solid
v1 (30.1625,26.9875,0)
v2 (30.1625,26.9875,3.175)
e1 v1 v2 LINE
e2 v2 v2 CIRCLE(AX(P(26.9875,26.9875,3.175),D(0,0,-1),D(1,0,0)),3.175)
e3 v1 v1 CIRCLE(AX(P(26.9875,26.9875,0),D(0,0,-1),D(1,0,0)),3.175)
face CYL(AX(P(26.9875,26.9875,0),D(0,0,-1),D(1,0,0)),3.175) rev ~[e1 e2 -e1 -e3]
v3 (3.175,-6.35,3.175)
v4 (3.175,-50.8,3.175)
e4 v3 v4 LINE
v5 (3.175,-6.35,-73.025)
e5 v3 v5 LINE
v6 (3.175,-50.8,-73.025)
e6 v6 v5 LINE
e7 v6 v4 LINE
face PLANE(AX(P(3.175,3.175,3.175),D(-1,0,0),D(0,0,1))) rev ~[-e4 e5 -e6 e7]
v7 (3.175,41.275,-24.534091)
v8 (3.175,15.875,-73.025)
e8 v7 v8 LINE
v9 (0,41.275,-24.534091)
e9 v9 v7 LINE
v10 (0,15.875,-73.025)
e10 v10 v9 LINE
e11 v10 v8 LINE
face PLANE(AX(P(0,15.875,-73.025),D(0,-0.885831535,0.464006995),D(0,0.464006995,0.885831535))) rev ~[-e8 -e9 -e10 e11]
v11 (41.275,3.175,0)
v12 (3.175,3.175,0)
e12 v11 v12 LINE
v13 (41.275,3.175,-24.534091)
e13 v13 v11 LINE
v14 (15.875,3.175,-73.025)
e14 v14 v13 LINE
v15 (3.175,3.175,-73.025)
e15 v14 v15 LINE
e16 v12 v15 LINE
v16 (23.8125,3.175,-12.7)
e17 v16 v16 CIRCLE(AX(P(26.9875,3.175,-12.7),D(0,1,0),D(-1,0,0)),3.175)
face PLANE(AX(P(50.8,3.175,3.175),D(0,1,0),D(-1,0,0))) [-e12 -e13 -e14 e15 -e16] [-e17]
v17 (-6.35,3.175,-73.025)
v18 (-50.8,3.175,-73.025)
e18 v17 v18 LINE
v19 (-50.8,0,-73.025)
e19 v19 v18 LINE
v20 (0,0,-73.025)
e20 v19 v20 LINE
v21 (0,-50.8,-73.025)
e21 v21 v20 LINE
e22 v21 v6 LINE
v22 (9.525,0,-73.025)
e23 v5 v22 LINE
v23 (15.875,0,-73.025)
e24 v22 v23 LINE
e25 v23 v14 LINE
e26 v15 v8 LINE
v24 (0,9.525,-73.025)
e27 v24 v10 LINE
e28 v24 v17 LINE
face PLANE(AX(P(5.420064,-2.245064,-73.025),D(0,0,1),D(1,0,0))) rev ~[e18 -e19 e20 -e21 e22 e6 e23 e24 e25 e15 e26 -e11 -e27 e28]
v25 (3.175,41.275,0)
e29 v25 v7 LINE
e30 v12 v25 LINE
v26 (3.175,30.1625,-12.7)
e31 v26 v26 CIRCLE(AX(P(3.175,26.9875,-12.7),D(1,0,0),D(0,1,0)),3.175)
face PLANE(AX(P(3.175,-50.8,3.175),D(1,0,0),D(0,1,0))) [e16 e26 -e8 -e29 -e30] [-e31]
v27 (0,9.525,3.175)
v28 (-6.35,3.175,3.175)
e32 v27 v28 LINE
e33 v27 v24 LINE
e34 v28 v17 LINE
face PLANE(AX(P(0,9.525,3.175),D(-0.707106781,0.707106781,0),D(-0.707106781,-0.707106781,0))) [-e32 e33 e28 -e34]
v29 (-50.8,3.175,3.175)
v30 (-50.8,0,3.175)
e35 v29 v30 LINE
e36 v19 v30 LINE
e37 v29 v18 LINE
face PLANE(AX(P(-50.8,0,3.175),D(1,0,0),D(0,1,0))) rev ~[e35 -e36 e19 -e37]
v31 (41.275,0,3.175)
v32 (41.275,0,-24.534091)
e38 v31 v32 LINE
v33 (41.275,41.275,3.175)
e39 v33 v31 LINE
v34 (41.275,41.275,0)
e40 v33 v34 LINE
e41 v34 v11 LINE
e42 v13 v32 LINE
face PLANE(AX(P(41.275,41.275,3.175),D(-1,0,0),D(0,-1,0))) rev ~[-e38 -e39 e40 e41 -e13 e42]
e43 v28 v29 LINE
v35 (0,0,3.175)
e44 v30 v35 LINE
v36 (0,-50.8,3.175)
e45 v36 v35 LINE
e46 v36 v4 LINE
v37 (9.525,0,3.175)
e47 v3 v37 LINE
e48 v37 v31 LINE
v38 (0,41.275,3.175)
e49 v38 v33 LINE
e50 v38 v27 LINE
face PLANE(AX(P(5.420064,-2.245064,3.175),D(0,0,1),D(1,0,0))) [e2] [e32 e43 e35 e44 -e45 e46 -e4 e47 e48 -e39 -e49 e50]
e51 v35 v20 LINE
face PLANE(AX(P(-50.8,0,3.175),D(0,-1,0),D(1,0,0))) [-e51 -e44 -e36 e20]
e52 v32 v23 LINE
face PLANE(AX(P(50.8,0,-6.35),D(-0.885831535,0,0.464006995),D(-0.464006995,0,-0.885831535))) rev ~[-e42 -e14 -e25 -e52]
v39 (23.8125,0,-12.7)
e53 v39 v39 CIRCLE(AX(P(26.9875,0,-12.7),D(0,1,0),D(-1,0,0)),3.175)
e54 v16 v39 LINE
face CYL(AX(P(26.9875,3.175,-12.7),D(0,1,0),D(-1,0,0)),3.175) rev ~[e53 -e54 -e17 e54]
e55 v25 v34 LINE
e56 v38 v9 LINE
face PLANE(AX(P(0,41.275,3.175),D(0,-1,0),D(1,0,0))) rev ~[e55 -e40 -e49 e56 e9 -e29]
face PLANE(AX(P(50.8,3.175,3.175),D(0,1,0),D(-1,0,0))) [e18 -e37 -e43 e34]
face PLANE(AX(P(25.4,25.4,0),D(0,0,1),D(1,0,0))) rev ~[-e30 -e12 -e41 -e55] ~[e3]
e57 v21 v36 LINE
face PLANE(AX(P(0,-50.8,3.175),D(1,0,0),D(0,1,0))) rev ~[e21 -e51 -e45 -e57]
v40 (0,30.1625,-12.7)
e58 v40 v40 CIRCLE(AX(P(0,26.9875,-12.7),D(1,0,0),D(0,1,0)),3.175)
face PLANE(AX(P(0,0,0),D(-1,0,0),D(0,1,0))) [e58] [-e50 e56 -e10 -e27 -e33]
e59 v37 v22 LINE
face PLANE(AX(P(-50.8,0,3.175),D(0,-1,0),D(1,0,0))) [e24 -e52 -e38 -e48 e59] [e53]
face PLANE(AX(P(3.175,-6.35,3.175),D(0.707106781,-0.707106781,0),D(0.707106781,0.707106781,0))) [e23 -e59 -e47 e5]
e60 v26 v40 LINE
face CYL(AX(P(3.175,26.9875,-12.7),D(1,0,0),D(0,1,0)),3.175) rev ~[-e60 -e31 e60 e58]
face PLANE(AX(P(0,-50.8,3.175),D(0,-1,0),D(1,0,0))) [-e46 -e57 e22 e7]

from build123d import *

# Parameters (mm, degrees)
F0_W          = 50.8
F0_H          = 50.8
F1_DEPTH      = 3.175
F2_W          = 50.8
F2_H          = 3.175
F3_DEPTH      = 12.7
F3_DEPTH_BACK = 76.2
F4_W          = 3.175
F4_H          = 101.6
F5_DEPTH      = 12.7
F5_DEPTH_BACK = 76.2
F7_W          = 47.625
F7_H          = 12.7
F8_DEPTH      = 25.4
F9_W          = 47.625
F9_H          = 12.7
F10_DEPTH     = 25.4
F12_DEPTH     = 25.4
F14_DEPTH     = 25.4
F16_DEPTH     = 53.976
F18_DEPTH     = 76.2
F19_R         = 3.175
F20_DEPTH     = 25.4
F21_R         = 3.175
F22_DEPTH     = 25.4
F23_R         = 3.175
F24_DEPTH     = 25.4
F26_DEPTH     = 76.201


with BuildPart() as f1:
    # F0 (on Top) → F1 (new body)
    with BuildSketch(Plane.XY):
        with Locations((25.4, 25.4)):
            Rectangle(F0_W, F0_H)
    extrude(amount=F1_DEPTH)

    # F2 (on face) → F3 (join, two sides)
    with BuildSketch(Plane.XY.offset(3.175)) as f3_sk:
        with Locations((-25.4, 1.5875)):
            Rectangle(F2_W, F2_H)
        with Locations((25.4, 1.5875)):
            Rectangle(F2_W, F2_H)
    extrude(amount=F3_DEPTH)
    extrude(f3_sk.sketch, amount=-F3_DEPTH_BACK)

    # F4 (on face) → F5 (join, two sides)
    with BuildSketch(Plane.XY.offset(3.175)) as f5_sk:
        with Locations((1.5875, 0)):
            Rectangle(F4_W, F4_H)
    extrude(amount=F5_DEPTH)
    extrude(f5_sk.sketch, amount=-F5_DEPTH_BACK)

    # F7 (on face) → F8 (cut)
    with BuildSketch(Plane.YZ.offset(3.175)):
        with Locations((26.9875, 9.525)):
            Rectangle(F7_W, F7_H)
    extrude(amount=-F8_DEPTH, mode=Mode.SUBTRACT)

    # F9 (on face) → F10 (cut)
    with BuildSketch(Plane(origin=(0, 3.175, 0), x_dir=(-1, 0, 0), z_dir=(0, 1, 0))):
        with Locations((-26.9875, 9.525)):
            Rectangle(F9_W, F9_H)
    extrude(amount=-F10_DEPTH, mode=Mode.SUBTRACT)

    # F11 (on face) → F12 (cut)
    with BuildSketch(Plane.XZ):
        Polygon((50.8, -6.35), (15.875, -73.025), (50.8, -73.025), align=None)
    extrude(amount=-F12_DEPTH, mode=Mode.SUBTRACT)

    # F13 (on face) → F14 (cut)
    with BuildSketch(Plane(origin=(0, 0, 0), x_dir=(0, -1, 0), z_dir=(-1, 0, 0))):
        Polygon((-15.875, -73.025), (-50.8, -6.35), (-50.8, -73.025), align=None)
    extrude(amount=-F14_DEPTH, mode=Mode.SUBTRACT)

    # F15 (on face) → F16 (cut, through all)
    with BuildSketch(Plane(origin=(0, 3.175, 0), x_dir=(-1, 0, 0), z_dir=(0, 1, 0))):
        Polygon((50.8, 15.875), (-3.175, 15.875), (-3.175, 3.175), (0, 3.175), (50.8, 3.175), align=None)
    extrude(amount=-F16_DEPTH, mode=Mode.SUBTRACT)

    # F17 (on face) → F18 (join, through all)
    with BuildSketch(Plane.XY.offset(3.175)):
        Polygon((9.525, 0), (3.175, 0), (3.175, -6.35), align=None)
        Polygon((-6.35, 3.175), (0, 3.175), (0, 9.525), align=None)
    extrude(amount=-F18_DEPTH)

    # F19 (on face) → F20 (cut)
    with BuildSketch(Plane(origin=(0, 3.175, 0), x_dir=(-1, 0, 0), z_dir=(0, 1, 0))):
        with Locations((-26.9875, -12.7)):
            Circle(F19_R)
    extrude(amount=-F20_DEPTH, mode=Mode.SUBTRACT)

    # F21 (on face) → F22 (cut)
    with BuildSketch(Plane.YZ.offset(3.175)):
        with Locations((26.9875, -12.7)):
            Circle(F21_R)
    extrude(amount=-F22_DEPTH, mode=Mode.SUBTRACT)

    # F23 (on face) → F24 (cut)
    with BuildSketch(Plane(origin=(0, 0, 0), x_dir=(1, 0, 0), z_dir=(0, 0, -1))):
        with Locations((26.9875, -26.9875)):
            Circle(F23_R)
    extrude(amount=-F24_DEPTH, mode=Mode.SUBTRACT)

    # F25 (on face) → F26 (cut, through all)
    with BuildSketch(Plane.XY.offset(3.175)):
        Polygon((41.275, 0), (50.8, 0), (50.8, 50.8), (41.275, 50.8), (0, 50.8), (0, 41.275), (41.275, 41.275), align=None)
    extrude(amount=-F26_DEPTH, mode=Mode.SUBTRACT)


solid = f1.part
